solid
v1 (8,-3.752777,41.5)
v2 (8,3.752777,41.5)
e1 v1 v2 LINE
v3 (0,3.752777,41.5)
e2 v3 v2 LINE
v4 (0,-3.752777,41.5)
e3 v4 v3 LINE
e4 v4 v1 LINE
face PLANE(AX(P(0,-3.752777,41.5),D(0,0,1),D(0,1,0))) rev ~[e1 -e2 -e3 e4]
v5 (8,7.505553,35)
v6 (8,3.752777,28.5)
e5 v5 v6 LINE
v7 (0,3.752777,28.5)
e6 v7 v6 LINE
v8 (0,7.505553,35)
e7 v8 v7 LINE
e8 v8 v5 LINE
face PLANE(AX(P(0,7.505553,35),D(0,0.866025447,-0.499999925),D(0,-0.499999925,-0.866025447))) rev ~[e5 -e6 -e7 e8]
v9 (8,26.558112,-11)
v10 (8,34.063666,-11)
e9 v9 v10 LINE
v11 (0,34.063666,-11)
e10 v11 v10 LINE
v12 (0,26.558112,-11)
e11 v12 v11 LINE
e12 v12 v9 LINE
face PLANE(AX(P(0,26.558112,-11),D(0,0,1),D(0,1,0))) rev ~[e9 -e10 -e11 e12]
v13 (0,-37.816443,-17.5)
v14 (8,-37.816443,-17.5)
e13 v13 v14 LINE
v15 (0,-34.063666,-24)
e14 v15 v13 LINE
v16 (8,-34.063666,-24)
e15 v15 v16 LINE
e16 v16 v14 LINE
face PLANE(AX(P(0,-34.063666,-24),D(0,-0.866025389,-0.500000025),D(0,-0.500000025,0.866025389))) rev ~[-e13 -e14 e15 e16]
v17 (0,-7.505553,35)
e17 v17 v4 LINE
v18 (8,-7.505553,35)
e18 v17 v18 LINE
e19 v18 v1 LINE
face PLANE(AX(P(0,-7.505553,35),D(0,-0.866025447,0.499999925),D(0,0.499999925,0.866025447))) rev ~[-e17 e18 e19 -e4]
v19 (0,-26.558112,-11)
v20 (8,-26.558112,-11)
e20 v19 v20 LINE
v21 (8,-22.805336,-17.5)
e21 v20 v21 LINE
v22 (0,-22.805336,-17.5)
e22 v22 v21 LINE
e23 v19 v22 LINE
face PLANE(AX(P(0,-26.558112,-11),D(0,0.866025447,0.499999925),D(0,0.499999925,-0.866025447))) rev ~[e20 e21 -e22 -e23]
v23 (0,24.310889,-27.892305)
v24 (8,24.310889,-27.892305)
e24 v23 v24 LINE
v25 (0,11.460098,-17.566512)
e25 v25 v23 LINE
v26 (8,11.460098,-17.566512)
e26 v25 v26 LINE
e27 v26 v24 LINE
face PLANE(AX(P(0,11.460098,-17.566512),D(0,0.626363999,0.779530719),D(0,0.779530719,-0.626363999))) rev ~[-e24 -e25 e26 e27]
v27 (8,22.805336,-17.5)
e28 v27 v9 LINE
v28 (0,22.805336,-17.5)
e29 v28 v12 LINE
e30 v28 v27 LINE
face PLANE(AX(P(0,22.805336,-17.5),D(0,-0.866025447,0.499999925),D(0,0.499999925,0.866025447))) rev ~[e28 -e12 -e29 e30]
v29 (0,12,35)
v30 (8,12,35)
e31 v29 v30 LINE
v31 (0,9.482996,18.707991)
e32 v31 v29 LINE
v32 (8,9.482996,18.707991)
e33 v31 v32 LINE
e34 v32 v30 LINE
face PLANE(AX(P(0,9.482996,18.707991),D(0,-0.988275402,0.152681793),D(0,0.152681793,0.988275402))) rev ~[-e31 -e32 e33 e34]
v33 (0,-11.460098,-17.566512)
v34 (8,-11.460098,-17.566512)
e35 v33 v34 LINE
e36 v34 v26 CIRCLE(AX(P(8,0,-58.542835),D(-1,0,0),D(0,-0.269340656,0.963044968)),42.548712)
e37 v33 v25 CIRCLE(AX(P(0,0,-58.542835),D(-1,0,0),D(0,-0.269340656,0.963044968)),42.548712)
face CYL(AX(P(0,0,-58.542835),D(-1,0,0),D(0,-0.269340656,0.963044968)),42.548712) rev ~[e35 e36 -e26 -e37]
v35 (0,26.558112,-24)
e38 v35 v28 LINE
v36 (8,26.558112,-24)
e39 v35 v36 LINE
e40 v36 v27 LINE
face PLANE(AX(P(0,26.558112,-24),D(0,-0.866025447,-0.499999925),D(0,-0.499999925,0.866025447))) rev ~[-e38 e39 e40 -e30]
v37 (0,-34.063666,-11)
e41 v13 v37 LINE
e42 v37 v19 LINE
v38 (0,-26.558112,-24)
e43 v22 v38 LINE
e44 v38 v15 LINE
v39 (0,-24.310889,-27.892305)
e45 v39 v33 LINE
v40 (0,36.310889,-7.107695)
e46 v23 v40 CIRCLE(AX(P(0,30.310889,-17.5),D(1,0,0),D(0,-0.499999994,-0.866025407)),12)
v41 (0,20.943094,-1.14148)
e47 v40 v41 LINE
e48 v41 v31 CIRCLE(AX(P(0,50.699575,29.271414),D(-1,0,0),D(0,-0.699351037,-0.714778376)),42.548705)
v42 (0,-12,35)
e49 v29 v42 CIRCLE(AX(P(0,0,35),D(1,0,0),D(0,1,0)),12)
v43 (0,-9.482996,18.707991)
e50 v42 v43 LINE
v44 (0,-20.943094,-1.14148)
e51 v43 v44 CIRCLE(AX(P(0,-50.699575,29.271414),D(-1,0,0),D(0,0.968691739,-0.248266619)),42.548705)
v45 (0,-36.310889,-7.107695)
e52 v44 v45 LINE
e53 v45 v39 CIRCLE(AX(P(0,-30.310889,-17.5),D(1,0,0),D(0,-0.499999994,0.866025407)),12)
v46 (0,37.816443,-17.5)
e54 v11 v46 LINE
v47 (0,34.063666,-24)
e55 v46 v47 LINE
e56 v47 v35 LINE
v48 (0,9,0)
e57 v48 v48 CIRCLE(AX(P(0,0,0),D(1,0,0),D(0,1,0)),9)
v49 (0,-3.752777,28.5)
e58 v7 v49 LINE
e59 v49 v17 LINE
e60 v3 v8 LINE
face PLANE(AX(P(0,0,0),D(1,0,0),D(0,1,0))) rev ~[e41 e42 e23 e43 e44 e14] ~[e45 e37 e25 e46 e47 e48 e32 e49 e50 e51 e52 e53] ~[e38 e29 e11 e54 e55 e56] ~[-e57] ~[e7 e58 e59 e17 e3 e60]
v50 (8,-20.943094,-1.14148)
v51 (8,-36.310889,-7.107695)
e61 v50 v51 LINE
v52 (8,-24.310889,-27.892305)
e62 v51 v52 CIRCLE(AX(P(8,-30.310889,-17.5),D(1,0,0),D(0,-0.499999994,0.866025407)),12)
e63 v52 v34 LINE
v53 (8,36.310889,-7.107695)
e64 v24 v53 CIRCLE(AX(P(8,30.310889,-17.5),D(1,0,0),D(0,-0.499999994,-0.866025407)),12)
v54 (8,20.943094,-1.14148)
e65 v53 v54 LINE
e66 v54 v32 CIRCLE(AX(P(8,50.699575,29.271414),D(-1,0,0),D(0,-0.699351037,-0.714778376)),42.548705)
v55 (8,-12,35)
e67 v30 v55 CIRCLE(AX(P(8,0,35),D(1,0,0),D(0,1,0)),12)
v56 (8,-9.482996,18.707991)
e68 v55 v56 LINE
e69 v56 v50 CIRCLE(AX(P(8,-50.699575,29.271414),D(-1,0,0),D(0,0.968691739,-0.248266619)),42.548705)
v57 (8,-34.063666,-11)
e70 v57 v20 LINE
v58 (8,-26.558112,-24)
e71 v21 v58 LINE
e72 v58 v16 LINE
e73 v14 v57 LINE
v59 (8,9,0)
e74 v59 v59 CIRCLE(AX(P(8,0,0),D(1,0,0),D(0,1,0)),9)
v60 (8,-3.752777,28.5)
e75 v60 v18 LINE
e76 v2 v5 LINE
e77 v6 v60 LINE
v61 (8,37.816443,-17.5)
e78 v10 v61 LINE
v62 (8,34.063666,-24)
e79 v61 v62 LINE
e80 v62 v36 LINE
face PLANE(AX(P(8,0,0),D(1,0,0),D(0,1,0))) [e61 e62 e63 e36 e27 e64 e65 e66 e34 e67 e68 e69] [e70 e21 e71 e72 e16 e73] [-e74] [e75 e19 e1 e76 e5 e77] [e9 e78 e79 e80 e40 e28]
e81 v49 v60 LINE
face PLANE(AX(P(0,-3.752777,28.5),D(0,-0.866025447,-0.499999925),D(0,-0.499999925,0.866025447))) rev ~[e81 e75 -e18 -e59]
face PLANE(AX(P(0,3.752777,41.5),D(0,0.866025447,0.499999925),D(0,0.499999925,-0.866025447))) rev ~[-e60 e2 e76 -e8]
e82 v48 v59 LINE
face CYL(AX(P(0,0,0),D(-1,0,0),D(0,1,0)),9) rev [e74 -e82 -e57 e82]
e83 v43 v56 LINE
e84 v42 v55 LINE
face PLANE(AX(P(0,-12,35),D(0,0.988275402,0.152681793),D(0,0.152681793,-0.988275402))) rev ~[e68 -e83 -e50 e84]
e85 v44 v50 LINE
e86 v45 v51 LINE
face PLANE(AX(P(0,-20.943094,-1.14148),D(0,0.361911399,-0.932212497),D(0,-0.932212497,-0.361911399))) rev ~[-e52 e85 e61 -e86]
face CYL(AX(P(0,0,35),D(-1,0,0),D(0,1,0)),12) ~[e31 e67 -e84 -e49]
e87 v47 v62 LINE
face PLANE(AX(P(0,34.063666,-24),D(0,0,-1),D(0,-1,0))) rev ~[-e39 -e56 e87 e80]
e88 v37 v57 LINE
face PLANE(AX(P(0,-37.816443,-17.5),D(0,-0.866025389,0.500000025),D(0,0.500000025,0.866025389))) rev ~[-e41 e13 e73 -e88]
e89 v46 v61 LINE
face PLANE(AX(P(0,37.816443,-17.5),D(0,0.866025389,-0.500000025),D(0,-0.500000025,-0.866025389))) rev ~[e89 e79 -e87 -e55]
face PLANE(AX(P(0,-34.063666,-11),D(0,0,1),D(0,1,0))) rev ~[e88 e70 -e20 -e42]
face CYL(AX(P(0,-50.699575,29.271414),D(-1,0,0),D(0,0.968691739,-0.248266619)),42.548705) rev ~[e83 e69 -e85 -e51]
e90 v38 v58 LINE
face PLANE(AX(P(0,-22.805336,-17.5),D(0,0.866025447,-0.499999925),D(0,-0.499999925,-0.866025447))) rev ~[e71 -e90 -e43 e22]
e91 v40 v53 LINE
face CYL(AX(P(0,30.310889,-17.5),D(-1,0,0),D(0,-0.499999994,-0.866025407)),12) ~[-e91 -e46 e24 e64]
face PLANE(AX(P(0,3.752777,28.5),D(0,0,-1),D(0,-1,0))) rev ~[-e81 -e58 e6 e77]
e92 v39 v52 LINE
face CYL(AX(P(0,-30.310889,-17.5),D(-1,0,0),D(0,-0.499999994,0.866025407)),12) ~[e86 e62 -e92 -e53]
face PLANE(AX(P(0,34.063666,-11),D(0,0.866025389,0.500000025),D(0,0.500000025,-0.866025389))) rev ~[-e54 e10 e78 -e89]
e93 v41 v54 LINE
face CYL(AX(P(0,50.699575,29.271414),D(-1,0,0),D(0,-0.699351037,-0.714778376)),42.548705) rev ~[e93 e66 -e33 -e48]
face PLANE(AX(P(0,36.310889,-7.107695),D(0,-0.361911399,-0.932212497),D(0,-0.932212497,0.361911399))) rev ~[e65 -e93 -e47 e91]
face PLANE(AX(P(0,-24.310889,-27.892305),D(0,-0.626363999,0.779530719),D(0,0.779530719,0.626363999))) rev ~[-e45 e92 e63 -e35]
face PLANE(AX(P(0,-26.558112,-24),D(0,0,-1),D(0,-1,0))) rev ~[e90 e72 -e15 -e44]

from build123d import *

# Parameters (mm, degrees)
F0_R     = 9
F1_DEPTH = 8


with BuildPart() as f1:
    # F0 (on Right) → F1 (new body)
    with BuildSketch(Plane.YZ):
        with BuildLine():
            Line((9.482996, 18.707991), (12, 35))
            ThreePointArc((12, 35), (0, 47), (-12, 35))
            Line((-12, 35), (-9.482996, 18.707991))
            ThreePointArc((-9.482996, 18.707991), (-13.851316, 7.997061), (-20.943094, -1.14148))
            Line((-20.943094, -1.14148), (-36.310889, -7.107695))
            ThreePointArc((-36.310889, -7.107695), (-40.703194, -23.5), (-24.310889, -27.892305))
            Line((-24.310889, -27.892305), (-11.460098, -17.566512))
            ThreePointArc((-11.460098, -17.566512), (0, -15.994123), (11.460098, -17.566512))
            Line((11.460098, -17.566512), (24.310889, -27.892305))
            ThreePointArc((24.310889, -27.892305), (40.703194, -23.5), (36.310889, -7.107695))
            Line((36.310889, -7.107695), (20.943094, -1.14148))
            ThreePointArc((20.943094, -1.14148), (13.851316, 7.997061), (9.482996, 18.707991))
        make_face()
        Polygon((-26.558112, -11), (-22.805336, -17.5), (-26.558112, -24), (-34.063666, -24), (-37.816443, -17.5), (-34.063666, -11), align=None, mode=Mode.SUBTRACT)
        Polygon((22.805336, -17.5), (26.558112, -11), (34.063666, -11), (37.816443, -17.5), (34.063666, -24), (26.558112, -24), align=None, mode=Mode.SUBTRACT)
        Circle(F0_R, mode=Mode.SUBTRACT)
        Polygon((7.505553, 35), (3.752777, 28.5), (-3.752777, 28.5), (-7.505553, 35), (-3.752777, 41.5), (3.752777, 41.5), align=None, mode=Mode.SUBTRACT)
    extrude(amount=F1_DEPTH)


solid = f1.part
